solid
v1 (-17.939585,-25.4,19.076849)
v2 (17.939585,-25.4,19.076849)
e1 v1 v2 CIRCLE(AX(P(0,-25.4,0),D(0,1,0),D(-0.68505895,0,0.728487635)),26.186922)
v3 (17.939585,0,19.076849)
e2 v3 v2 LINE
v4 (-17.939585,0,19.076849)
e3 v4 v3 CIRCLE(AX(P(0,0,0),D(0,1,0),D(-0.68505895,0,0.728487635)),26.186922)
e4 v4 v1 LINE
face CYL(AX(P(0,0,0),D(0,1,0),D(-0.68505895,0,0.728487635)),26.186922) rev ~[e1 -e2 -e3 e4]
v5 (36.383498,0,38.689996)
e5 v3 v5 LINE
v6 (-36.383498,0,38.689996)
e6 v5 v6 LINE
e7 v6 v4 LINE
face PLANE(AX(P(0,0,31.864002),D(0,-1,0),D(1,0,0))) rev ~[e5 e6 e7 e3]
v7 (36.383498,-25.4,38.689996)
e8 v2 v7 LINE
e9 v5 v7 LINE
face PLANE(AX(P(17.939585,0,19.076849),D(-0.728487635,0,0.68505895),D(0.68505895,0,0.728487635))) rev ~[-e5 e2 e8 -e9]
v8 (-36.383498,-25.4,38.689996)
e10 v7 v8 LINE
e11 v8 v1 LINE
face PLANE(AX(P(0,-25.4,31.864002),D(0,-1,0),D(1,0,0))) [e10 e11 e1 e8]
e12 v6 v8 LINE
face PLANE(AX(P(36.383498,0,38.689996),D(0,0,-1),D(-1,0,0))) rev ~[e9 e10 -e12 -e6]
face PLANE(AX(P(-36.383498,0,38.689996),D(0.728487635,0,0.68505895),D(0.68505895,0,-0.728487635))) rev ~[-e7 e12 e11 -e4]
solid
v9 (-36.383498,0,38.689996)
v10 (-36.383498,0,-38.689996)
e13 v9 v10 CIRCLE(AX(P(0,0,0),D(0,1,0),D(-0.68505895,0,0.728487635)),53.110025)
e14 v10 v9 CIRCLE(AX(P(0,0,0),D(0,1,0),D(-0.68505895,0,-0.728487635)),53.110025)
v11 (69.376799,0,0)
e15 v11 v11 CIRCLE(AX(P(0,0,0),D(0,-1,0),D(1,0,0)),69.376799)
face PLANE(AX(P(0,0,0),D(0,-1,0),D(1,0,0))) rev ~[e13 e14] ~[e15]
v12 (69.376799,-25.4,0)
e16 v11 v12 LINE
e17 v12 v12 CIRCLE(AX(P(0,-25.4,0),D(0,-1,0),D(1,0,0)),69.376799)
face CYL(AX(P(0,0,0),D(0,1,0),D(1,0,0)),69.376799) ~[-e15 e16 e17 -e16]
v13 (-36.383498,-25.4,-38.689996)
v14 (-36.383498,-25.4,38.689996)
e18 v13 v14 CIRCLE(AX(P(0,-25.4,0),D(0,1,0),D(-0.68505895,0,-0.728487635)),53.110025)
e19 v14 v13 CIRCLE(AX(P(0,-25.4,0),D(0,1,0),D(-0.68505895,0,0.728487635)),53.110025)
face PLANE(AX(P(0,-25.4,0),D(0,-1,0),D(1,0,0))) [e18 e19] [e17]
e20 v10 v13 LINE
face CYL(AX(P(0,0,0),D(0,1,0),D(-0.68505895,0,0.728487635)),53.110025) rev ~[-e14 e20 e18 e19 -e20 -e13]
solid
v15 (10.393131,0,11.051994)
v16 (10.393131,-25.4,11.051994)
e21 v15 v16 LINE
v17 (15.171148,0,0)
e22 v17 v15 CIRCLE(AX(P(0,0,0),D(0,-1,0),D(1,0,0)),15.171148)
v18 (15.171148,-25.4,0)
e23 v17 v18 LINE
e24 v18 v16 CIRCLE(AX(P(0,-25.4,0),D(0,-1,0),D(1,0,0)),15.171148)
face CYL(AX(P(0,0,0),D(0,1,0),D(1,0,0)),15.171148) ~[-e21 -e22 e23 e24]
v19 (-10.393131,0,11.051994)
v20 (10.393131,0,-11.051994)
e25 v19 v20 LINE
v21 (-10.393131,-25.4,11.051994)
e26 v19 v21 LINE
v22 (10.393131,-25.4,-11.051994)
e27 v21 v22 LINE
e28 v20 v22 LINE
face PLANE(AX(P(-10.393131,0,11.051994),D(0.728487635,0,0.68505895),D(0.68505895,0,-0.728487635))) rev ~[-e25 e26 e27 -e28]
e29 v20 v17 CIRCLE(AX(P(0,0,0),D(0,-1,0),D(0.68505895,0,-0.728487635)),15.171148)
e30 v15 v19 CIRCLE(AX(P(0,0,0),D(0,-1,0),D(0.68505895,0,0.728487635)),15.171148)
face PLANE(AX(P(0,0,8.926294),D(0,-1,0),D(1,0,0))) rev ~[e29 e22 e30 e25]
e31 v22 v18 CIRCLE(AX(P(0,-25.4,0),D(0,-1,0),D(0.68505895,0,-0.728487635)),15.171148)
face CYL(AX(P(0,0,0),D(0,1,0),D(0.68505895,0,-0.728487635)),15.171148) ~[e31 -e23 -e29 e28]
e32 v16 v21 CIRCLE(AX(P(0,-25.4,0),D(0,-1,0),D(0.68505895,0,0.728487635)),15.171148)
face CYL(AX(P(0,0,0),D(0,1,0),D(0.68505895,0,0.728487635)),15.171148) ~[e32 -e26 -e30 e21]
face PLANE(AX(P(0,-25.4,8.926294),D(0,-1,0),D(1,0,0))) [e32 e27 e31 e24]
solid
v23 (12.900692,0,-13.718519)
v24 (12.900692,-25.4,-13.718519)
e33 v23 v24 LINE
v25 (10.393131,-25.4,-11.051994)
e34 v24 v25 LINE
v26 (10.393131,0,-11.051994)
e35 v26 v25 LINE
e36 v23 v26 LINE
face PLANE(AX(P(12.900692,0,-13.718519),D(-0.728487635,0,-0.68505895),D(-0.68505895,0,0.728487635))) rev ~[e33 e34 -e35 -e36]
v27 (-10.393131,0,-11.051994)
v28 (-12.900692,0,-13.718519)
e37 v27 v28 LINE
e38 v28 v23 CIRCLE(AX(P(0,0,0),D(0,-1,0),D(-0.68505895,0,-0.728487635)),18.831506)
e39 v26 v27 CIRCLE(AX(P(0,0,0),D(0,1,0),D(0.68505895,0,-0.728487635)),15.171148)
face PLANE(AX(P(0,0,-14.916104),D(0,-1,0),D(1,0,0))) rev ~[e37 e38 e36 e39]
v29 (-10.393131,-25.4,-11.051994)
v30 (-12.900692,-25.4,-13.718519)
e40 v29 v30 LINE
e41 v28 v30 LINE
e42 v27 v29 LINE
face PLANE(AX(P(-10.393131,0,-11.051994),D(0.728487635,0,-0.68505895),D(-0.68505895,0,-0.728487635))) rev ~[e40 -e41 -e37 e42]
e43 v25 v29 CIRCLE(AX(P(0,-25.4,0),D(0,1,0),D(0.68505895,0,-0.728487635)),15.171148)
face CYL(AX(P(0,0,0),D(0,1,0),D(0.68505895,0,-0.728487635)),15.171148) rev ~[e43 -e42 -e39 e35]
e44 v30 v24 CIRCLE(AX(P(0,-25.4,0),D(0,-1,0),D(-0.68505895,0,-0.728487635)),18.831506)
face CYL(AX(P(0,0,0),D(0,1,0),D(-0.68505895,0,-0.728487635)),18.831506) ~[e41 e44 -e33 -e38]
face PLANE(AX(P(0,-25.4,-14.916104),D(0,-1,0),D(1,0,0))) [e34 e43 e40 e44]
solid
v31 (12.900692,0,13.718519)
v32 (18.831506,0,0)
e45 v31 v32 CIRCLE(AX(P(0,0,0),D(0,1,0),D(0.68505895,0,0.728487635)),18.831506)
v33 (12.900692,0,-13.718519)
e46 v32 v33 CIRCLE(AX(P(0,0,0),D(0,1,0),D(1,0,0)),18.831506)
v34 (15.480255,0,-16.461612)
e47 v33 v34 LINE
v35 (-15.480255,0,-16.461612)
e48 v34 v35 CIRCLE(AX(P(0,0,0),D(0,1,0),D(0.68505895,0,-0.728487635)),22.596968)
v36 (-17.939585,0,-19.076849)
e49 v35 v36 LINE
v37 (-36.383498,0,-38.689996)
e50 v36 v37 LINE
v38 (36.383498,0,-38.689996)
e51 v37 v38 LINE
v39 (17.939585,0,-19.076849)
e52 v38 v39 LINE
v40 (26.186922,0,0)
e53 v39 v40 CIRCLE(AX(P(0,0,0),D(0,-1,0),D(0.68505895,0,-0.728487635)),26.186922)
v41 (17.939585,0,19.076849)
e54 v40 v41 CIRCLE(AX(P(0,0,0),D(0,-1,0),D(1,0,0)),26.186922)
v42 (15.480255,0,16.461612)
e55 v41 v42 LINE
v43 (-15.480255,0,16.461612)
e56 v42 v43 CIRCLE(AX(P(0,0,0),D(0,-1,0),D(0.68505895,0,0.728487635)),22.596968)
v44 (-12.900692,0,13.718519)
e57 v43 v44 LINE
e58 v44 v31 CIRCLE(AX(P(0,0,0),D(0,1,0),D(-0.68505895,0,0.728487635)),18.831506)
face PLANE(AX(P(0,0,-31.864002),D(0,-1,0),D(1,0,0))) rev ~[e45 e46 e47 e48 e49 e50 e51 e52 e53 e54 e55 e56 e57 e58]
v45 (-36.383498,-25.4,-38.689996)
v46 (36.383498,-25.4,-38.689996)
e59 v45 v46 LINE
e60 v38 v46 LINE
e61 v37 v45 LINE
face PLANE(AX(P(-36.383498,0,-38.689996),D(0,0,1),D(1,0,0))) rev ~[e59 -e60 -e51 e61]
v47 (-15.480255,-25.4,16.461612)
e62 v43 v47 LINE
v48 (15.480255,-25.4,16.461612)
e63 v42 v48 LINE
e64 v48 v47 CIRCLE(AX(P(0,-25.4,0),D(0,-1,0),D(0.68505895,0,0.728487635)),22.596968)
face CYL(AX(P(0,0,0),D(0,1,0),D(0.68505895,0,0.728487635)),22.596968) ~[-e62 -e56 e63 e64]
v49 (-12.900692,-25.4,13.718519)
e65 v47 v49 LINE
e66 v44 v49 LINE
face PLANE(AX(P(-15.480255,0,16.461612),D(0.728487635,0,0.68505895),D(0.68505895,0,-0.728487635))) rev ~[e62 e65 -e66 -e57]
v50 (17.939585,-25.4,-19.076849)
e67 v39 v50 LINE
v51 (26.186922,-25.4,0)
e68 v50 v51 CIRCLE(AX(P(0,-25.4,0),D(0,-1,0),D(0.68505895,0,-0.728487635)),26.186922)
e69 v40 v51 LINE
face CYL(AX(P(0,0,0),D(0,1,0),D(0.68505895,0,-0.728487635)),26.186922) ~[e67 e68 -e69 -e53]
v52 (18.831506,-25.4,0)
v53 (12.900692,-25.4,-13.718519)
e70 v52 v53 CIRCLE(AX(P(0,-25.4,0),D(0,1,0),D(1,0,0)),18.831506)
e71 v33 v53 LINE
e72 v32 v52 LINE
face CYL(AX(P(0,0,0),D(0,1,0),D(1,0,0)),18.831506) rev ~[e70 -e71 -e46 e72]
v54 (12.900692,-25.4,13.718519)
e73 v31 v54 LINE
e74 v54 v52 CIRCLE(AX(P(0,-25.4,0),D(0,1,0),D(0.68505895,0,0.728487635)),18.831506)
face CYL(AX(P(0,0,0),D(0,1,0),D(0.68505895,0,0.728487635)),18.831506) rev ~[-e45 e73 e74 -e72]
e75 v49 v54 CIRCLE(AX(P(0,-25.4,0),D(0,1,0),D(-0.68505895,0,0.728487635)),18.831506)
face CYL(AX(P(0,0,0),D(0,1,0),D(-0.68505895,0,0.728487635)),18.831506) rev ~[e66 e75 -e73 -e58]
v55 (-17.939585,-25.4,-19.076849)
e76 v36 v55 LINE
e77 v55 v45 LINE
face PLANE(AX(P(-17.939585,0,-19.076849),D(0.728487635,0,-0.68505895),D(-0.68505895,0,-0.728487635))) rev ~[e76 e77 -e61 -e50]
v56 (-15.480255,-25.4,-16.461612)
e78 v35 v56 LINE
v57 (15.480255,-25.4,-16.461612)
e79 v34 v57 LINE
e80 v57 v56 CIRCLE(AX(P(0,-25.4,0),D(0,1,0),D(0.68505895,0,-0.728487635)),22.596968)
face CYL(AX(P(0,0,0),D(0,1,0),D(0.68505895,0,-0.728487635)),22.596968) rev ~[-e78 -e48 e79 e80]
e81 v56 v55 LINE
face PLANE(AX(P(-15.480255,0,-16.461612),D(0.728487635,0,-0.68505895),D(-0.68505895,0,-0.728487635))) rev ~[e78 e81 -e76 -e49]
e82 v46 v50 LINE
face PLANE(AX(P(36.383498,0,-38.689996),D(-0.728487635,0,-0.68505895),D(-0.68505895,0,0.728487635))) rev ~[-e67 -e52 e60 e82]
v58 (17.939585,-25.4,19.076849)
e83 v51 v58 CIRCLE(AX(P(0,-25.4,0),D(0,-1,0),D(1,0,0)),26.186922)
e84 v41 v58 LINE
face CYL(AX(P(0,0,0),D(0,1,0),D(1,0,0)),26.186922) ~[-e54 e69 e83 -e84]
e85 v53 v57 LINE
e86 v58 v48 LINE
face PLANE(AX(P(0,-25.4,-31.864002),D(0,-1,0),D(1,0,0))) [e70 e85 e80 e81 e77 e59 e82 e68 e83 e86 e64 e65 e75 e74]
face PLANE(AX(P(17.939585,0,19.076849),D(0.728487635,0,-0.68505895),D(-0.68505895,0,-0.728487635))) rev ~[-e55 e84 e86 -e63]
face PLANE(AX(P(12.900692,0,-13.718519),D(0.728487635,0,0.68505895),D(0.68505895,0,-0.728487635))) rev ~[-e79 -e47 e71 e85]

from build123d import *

# Parameters (mm, degrees)
F0_R     = 69.3767994243
F0_R_2   = 63.285072276
F0_R_3   = 57.9920714967
F1_DEPTH = 25.4


with BuildPart() as f1:
    # F0 (on Front) → F1 (new body)
    with BuildSketch(Plane.XZ):
        Circle(F0_R)
        Circle(F0_R_2, mode=Mode.SUBTRACT)
        Circle(F0_R_2)
        Circle(F0_R_3, mode=Mode.SUBTRACT)
        Circle(F0_R_3)
        with BuildLine():
            ThreePointArc((36.3834976402, 38.6899961749), (48.7493751568, 21.0754152123), (53.1100245203, 0))
            ThreePointArc((53.1100245203, 0), (48.7493751568, -21.0754152123), (36.3834976402, -38.6899961749))
            ThreePointArc((36.3834976402, -38.6899961749), (0, -53.1100245203), (-36.3834976402, -38.6899961749))
            ThreePointArc((-36.3834976402, -38.6899961749), (-53.1100245203, 0), (-36.3834976402, 38.6899961749))
            ThreePointArc((-36.3834976402, 38.6899961749), (0, 53.1100245203), (36.3834976402, 38.6899961749))
        make_face(mode=Mode.SUBTRACT)
    extrude(amount=F1_DEPTH)


with BuildPart() as f1b:
    # F0 (on Front) → F1, piece 2 (new body)
    with BuildSketch(Plane.XZ):
        with BuildLine():
            Line((-36.3834976402, -38.6899961749), (36.3834976402, -38.6899961749))
            Line((36.3834976402, -38.6899961749), (17.9395852578, -19.076848847))
            ThreePointArc((17.9395852578, -19.076848847), (0, -26.1869219488), (-17.9395852578, -19.076848847))
            Line((-17.9395852578, -19.076848847), (-36.3834976402, -38.6899961749))
        make_face()
        with BuildLine():
            ThreePointArc((22.5969677196, 0), (20.7416220707, 8.9670543656), (15.4802549825, 16.4616115796))
            Line((15.4802549825, 16.4616115796), (12.900691587, 13.7185191235))
            ThreePointArc((12.900691587, 13.7185191235), (17.2853269957, 7.4728228278), (18.8315057912, 0))
            ThreePointArc((18.8315057912, 0), (17.2853269957, -7.4728228278), (12.900691587, -13.7185191235))
            Line((12.900691587, -13.7185191235), (15.4802549825, -16.4616115796))
            ThreePointArc((15.4802549825, -16.4616115796), (20.7416220707, -8.9670543656), (22.5969677196, 0))
        make_face()
        with BuildLine():
            Line((12.900691587, 13.7185191235), (15.4802549825, 16.4616115796))
            ThreePointArc((15.4802549825, 16.4616115796), (0, 22.5969677196), (-15.4802549825, 16.4616115796))
            Line((-15.4802549825, 16.4616115796), (-12.900691587, 13.7185191235))
            ThreePointArc((-12.900691587, 13.7185191235), (0, 18.8315057912), (12.900691587, 13.7185191235))
        make_face()
        with BuildLine():
            ThreePointArc((26.1869219488, 0), (24.0368196741, 10.3916399623), (17.9395852578, 19.076848847))
            Line((17.9395852578, 19.076848847), (15.4802549825, 16.4616115796))
            ThreePointArc((15.4802549825, 16.4616115796), (20.7416220707, 8.9670543656), (22.5969677196, 0))
            ThreePointArc((22.5969677196, 0), (20.7416220707, -8.9670543656), (15.4802549825, -16.4616115796))
            Line((15.4802549825, -16.4616115796), (17.9395852578, -19.076848847))
            ThreePointArc((17.9395852578, -19.076848847), (24.0368196741, -10.3916399623), (26.1869219488, 0))
        make_face()
        with BuildLine():
            ThreePointArc((-17.9395852578, -19.076848847), (0, -26.1869219488), (17.9395852578, -19.076848847))
            Line((17.9395852578, -19.076848847), (15.4802549825, -16.4616115796))
            ThreePointArc((15.4802549825, -16.4616115796), (0, -22.5969677196), (-15.4802549825, -16.4616115796))
            Line((-15.4802549825, -16.4616115796), (-17.9395852578, -19.076848847))
        make_face()
    extrude(amount=F1_DEPTH)


with BuildPart() as f1c:
    # F0 (on Front) → F1, piece 3 (new body)
    with BuildSketch(Plane.XZ):
        with BuildLine():
            Line((17.9395852578, 19.076848847), (36.3834976402, 38.6899961749))
            Line((36.3834976402, 38.6899961749), (-36.3834976402, 38.6899961749))
            Line((-36.3834976402, 38.6899961749), (-17.9395852578, 19.076848847))
            ThreePointArc((-17.9395852578, 19.076848847), (0, 26.1869219488), (17.9395852578, 19.076848847))
        make_face()
    extrude(amount=F1_DEPTH)


with BuildPart() as f1d:
    # F0 (on Front) → F1, piece 4 (new body)
    with BuildSketch(Plane.XZ):
        with BuildLine():
            Line((0, 0), (10.3931309404, 11.0519939646))
            ThreePointArc((10.3931309404, 11.0519939646), (0, 15.1711483197), (-10.3931309404, 11.0519939646))
            Line((-10.3931309404, 11.0519939646), (0, 0))
        make_face()
        with BuildLine():
            ThreePointArc((15.1711483197, 0), (13.9255066756, 6.0202994251), (10.3931309404, 11.0519939646))
            Line((10.3931309404, 11.0519939646), (0, 0))
            Line((0, 0), (10.3931309404, -11.0519939646))
            ThreePointArc((10.3931309404, -11.0519939646), (13.9255066756, -6.0202994251), (15.1711483197, 0))
        make_face()
    extrude(amount=F1_DEPTH)


with BuildPart() as f1e:
    # F0 (on Front) → F1, piece 5 (new body)
    with BuildSketch(Plane.XZ):
        with BuildLine():
            ThreePointArc((-12.900691587, -13.7185191235), (0, -18.8315057912), (12.900691587, -13.7185191235))
            Line((12.900691587, -13.7185191235), (10.3931309404, -11.0519939646))
            ThreePointArc((10.3931309404, -11.0519939646), (0, -15.1711483197), (-10.3931309404, -11.0519939646))
            Line((-10.3931309404, -11.0519939646), (-12.900691587, -13.7185191235))
        make_face()
    extrude(amount=F1_DEPTH)


solid = Compound([f1.part, f1b.part, f1c.part, f1d.part, f1e.part])
